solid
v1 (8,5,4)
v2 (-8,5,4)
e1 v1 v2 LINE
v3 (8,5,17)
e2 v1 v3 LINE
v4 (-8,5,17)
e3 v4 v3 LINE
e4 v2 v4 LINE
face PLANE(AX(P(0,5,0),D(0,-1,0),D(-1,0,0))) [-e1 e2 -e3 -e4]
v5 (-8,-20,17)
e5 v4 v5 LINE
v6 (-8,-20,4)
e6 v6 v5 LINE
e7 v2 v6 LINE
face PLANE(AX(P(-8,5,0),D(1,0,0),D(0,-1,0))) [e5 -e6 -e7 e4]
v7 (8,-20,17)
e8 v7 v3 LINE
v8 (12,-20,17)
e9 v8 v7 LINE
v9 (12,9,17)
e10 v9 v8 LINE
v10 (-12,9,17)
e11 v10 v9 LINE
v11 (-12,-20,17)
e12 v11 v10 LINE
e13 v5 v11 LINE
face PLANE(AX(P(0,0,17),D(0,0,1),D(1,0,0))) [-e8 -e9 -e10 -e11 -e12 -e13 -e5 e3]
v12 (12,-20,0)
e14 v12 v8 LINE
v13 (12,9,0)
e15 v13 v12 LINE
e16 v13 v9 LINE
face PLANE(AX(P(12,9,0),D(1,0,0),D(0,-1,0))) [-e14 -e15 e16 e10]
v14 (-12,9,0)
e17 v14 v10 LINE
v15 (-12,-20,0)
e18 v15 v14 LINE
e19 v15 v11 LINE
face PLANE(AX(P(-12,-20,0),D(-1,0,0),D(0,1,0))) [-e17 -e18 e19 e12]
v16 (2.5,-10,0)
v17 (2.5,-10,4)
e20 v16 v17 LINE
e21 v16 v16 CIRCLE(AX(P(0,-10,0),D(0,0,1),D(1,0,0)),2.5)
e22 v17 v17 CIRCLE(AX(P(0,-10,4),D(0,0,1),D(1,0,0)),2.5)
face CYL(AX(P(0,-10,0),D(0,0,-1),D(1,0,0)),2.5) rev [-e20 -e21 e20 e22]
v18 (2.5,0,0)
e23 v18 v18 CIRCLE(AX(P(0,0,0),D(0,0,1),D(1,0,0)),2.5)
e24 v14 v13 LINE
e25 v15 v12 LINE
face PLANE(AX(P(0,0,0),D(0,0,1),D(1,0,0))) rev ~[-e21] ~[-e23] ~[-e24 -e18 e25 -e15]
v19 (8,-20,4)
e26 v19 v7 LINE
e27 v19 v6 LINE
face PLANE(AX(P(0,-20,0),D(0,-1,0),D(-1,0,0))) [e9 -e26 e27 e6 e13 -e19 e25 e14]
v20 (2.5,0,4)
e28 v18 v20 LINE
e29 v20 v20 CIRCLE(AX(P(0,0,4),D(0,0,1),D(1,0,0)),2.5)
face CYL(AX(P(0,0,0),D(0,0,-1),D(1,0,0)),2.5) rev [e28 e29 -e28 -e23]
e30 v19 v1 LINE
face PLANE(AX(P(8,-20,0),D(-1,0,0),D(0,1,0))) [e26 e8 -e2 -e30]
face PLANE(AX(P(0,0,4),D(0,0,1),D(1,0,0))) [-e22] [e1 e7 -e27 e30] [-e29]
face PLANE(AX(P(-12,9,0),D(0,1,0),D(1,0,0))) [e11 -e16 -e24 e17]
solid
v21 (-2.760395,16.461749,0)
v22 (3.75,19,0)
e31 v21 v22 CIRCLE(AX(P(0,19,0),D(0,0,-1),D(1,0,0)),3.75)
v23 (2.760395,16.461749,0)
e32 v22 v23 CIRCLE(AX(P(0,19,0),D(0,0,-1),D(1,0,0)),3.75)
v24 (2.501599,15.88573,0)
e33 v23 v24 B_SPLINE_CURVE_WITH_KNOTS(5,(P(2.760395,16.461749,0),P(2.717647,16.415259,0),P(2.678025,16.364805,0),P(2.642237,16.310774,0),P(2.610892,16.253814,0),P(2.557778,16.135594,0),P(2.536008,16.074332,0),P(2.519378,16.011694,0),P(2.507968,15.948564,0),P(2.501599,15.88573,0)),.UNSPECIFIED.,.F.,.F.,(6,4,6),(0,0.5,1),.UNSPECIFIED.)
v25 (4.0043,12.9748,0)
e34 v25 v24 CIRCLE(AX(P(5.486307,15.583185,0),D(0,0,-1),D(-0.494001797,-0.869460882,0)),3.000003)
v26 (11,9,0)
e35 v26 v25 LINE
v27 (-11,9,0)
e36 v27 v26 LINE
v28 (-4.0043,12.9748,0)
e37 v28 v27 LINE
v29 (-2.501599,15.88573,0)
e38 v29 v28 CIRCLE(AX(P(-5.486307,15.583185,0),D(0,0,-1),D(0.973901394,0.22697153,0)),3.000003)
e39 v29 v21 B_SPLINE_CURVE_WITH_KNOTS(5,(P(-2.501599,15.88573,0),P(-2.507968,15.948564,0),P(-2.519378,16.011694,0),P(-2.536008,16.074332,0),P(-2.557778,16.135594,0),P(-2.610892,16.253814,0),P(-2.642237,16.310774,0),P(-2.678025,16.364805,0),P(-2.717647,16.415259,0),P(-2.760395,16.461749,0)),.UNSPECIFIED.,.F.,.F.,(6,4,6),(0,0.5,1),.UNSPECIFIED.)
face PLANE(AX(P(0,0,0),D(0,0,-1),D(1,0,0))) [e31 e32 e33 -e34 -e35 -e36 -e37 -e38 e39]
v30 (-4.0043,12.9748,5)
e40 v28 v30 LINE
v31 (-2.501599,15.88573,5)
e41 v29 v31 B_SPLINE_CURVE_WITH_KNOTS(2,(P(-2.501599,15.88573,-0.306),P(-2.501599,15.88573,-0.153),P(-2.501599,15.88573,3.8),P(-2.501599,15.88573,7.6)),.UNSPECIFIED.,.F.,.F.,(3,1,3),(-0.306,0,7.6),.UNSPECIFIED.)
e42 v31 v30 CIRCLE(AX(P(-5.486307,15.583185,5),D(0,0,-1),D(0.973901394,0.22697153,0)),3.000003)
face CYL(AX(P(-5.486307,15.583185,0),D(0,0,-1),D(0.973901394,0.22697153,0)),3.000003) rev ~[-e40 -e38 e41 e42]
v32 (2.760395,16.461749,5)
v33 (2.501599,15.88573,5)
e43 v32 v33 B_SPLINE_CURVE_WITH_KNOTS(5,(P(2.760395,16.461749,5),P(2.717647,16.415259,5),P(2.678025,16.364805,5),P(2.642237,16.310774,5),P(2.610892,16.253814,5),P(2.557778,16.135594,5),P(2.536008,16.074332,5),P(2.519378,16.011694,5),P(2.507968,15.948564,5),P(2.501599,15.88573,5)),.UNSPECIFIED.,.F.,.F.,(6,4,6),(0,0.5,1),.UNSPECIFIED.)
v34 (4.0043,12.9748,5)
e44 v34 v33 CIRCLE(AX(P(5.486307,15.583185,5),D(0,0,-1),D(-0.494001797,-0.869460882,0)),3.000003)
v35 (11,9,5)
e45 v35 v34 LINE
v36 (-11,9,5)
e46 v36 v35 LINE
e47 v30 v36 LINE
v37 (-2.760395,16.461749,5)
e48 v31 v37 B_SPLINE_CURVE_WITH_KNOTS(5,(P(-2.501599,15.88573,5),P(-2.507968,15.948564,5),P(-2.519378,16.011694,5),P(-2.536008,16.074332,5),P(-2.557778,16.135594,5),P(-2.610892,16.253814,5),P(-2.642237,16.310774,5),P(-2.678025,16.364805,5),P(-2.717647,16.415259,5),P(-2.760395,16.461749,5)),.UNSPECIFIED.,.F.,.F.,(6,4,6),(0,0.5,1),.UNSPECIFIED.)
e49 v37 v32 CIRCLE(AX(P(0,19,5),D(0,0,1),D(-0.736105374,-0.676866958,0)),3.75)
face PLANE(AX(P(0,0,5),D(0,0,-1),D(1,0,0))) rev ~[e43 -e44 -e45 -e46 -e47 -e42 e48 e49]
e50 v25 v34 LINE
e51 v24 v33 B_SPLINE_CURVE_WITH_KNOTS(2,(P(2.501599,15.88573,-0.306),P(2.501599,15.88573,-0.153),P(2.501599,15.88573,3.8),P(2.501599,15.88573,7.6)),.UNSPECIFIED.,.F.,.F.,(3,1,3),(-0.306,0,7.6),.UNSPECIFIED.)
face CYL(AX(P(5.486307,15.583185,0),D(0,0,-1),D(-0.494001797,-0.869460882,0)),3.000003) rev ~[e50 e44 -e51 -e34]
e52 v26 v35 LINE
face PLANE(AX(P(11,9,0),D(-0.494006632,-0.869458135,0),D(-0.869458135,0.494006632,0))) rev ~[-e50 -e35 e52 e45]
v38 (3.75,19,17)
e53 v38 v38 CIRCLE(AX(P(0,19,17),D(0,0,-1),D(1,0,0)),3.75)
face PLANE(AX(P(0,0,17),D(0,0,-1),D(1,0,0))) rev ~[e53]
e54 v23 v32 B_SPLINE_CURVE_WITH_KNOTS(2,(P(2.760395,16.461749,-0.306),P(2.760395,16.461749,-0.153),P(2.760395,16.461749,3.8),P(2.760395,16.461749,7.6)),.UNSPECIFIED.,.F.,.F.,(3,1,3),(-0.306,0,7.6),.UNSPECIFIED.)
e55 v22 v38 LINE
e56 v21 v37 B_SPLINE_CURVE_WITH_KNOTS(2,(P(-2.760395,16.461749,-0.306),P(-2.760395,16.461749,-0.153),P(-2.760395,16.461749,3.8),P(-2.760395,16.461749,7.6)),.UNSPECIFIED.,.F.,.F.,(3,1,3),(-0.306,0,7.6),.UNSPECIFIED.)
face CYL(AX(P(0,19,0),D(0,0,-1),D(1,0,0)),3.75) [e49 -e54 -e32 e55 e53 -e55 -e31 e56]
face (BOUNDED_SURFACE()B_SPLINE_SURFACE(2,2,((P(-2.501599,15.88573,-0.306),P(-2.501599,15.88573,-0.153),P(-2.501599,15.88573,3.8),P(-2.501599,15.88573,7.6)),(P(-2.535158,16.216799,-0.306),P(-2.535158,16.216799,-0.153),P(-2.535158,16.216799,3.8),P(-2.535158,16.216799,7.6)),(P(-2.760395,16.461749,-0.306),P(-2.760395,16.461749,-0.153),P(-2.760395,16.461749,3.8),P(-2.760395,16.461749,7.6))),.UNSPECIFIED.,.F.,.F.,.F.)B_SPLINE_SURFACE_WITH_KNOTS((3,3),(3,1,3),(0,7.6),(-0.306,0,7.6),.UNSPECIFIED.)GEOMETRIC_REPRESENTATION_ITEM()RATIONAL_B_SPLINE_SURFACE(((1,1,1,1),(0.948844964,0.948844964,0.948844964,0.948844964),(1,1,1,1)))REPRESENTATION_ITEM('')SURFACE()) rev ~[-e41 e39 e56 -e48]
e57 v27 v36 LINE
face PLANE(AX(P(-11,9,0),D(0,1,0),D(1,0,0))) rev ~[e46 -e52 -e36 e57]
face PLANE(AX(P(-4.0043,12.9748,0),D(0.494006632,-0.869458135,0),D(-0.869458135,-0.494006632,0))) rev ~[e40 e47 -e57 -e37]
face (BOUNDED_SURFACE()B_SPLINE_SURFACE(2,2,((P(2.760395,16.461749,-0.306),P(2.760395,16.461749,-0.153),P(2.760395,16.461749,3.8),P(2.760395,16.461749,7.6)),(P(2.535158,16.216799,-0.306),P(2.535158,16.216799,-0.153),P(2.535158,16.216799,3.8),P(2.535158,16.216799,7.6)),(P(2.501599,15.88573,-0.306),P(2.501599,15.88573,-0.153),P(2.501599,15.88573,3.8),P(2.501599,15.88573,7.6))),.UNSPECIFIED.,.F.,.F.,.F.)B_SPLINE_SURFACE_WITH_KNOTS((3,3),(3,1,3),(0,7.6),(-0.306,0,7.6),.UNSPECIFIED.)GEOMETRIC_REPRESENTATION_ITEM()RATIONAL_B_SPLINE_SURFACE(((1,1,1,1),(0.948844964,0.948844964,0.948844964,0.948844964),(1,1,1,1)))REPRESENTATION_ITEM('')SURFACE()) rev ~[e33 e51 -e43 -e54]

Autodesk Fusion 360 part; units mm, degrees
sketch "Sketch4" plane through (0, 0, 0) normal (0, 0, 1) x (1, 0, 0)
  circle A0 centre (0, 0) radius 2.5
  line L0 (0, 0) -> (0, 5) construction
  circle A1 centre (0, -10) radius 2.5
  line L1 (0, 5) -> (0, -20) construction
  line L2 (0, -20) -> (-8, -20)
  line L3 (0, -20) -> (8, -20)
  line L4 (0, 5) -> (8, 5)
  line L5 (0, 5) -> (-8, 5)
  line L6 (-8, 5) -> (-8, -20)
  line L7 (8, -20) -> (8, 5)
  line L8 (-8, -20) -> (-12, -20)
  line L9 (-12, -20) -> (-12, 9)
  line L10 (-12, 9) -> (12, 9)
  line L11 (12, 9) -> (12, -20)
  line L12 (12, -20) -> (8, -20)
  dimension "d31" = 5
  dimension "d32" = 5
  dimension "d35" = 0
  dimension "d36" = -10
  dimension "d38" = 8
  dimension "d39" = 8
  dimension "d58" = 8
  dimension "d59" = 8
  dimension "d60" = 4
  dimension "d61" = 29
  dimension "d62" = 24
extrude "Extrude7" add sketch "Sketch4" along normal blind 4 contours L2 L3 L4 L5 L6 L7 makes body 1
extrude "Extrude8" add sketch "Sketch4" along normal blind 17 contours L4 L5 L6 L7 L8 L9 L10 L11 L12 bodies 1
sketch "Sketch5" plane through (0, 0, 0) normal (0, 0, -1) x (1, 0, 0)
  circle A0 centre (0, 0) radius 2.5
  circle A1 centre (0, 10) radius 2.5
  line L0 (8, 20) -> (-12, 20)
  line L1 (0, -9) -> (0, -19) construction
  circle A2 centre (0, -19) radius 3.75
  line L2 (11, -9) -> (4.0043, -12.9748)
  line L3 (-4.0043, -12.9748) -> (-11, -9)
  arc A3 (4.0043, -12.9748) -> (2.5646, -16.2641) centre (5.4863, -15.5832) ccw
  arc A4 (-2.5646, -16.2641) -> (-4.0043, -12.9748) centre (-5.4863, -15.5832) ccw
  line L4 (-12, 20) -> (-12, -9)
  line L5 (-12, -9) -> (12, -9)
  line L6 (12, -9) -> (12, 20)
  line L7 (12, 20) -> (8, 20)
  dimension "d48" = 7.5
  dimension "d49" = 3
extrude "Extrude9" add sketch "Sketch5" against normal blind 5 separate body contours A2 L2 L3 A3 A4 L5 makes body 2
extrude "Extrude10" add sketch "Sketch5" against normal blind 17 contours A2 bodies 2
fillet "Fillet4" radius 1 1 edges at (-2.5646, 16.2641, 2.5) on bodies 2
fillet "Fillet5" radius 1 1 edges at (2.5646, 16.2641, 2.5) on bodies 2
